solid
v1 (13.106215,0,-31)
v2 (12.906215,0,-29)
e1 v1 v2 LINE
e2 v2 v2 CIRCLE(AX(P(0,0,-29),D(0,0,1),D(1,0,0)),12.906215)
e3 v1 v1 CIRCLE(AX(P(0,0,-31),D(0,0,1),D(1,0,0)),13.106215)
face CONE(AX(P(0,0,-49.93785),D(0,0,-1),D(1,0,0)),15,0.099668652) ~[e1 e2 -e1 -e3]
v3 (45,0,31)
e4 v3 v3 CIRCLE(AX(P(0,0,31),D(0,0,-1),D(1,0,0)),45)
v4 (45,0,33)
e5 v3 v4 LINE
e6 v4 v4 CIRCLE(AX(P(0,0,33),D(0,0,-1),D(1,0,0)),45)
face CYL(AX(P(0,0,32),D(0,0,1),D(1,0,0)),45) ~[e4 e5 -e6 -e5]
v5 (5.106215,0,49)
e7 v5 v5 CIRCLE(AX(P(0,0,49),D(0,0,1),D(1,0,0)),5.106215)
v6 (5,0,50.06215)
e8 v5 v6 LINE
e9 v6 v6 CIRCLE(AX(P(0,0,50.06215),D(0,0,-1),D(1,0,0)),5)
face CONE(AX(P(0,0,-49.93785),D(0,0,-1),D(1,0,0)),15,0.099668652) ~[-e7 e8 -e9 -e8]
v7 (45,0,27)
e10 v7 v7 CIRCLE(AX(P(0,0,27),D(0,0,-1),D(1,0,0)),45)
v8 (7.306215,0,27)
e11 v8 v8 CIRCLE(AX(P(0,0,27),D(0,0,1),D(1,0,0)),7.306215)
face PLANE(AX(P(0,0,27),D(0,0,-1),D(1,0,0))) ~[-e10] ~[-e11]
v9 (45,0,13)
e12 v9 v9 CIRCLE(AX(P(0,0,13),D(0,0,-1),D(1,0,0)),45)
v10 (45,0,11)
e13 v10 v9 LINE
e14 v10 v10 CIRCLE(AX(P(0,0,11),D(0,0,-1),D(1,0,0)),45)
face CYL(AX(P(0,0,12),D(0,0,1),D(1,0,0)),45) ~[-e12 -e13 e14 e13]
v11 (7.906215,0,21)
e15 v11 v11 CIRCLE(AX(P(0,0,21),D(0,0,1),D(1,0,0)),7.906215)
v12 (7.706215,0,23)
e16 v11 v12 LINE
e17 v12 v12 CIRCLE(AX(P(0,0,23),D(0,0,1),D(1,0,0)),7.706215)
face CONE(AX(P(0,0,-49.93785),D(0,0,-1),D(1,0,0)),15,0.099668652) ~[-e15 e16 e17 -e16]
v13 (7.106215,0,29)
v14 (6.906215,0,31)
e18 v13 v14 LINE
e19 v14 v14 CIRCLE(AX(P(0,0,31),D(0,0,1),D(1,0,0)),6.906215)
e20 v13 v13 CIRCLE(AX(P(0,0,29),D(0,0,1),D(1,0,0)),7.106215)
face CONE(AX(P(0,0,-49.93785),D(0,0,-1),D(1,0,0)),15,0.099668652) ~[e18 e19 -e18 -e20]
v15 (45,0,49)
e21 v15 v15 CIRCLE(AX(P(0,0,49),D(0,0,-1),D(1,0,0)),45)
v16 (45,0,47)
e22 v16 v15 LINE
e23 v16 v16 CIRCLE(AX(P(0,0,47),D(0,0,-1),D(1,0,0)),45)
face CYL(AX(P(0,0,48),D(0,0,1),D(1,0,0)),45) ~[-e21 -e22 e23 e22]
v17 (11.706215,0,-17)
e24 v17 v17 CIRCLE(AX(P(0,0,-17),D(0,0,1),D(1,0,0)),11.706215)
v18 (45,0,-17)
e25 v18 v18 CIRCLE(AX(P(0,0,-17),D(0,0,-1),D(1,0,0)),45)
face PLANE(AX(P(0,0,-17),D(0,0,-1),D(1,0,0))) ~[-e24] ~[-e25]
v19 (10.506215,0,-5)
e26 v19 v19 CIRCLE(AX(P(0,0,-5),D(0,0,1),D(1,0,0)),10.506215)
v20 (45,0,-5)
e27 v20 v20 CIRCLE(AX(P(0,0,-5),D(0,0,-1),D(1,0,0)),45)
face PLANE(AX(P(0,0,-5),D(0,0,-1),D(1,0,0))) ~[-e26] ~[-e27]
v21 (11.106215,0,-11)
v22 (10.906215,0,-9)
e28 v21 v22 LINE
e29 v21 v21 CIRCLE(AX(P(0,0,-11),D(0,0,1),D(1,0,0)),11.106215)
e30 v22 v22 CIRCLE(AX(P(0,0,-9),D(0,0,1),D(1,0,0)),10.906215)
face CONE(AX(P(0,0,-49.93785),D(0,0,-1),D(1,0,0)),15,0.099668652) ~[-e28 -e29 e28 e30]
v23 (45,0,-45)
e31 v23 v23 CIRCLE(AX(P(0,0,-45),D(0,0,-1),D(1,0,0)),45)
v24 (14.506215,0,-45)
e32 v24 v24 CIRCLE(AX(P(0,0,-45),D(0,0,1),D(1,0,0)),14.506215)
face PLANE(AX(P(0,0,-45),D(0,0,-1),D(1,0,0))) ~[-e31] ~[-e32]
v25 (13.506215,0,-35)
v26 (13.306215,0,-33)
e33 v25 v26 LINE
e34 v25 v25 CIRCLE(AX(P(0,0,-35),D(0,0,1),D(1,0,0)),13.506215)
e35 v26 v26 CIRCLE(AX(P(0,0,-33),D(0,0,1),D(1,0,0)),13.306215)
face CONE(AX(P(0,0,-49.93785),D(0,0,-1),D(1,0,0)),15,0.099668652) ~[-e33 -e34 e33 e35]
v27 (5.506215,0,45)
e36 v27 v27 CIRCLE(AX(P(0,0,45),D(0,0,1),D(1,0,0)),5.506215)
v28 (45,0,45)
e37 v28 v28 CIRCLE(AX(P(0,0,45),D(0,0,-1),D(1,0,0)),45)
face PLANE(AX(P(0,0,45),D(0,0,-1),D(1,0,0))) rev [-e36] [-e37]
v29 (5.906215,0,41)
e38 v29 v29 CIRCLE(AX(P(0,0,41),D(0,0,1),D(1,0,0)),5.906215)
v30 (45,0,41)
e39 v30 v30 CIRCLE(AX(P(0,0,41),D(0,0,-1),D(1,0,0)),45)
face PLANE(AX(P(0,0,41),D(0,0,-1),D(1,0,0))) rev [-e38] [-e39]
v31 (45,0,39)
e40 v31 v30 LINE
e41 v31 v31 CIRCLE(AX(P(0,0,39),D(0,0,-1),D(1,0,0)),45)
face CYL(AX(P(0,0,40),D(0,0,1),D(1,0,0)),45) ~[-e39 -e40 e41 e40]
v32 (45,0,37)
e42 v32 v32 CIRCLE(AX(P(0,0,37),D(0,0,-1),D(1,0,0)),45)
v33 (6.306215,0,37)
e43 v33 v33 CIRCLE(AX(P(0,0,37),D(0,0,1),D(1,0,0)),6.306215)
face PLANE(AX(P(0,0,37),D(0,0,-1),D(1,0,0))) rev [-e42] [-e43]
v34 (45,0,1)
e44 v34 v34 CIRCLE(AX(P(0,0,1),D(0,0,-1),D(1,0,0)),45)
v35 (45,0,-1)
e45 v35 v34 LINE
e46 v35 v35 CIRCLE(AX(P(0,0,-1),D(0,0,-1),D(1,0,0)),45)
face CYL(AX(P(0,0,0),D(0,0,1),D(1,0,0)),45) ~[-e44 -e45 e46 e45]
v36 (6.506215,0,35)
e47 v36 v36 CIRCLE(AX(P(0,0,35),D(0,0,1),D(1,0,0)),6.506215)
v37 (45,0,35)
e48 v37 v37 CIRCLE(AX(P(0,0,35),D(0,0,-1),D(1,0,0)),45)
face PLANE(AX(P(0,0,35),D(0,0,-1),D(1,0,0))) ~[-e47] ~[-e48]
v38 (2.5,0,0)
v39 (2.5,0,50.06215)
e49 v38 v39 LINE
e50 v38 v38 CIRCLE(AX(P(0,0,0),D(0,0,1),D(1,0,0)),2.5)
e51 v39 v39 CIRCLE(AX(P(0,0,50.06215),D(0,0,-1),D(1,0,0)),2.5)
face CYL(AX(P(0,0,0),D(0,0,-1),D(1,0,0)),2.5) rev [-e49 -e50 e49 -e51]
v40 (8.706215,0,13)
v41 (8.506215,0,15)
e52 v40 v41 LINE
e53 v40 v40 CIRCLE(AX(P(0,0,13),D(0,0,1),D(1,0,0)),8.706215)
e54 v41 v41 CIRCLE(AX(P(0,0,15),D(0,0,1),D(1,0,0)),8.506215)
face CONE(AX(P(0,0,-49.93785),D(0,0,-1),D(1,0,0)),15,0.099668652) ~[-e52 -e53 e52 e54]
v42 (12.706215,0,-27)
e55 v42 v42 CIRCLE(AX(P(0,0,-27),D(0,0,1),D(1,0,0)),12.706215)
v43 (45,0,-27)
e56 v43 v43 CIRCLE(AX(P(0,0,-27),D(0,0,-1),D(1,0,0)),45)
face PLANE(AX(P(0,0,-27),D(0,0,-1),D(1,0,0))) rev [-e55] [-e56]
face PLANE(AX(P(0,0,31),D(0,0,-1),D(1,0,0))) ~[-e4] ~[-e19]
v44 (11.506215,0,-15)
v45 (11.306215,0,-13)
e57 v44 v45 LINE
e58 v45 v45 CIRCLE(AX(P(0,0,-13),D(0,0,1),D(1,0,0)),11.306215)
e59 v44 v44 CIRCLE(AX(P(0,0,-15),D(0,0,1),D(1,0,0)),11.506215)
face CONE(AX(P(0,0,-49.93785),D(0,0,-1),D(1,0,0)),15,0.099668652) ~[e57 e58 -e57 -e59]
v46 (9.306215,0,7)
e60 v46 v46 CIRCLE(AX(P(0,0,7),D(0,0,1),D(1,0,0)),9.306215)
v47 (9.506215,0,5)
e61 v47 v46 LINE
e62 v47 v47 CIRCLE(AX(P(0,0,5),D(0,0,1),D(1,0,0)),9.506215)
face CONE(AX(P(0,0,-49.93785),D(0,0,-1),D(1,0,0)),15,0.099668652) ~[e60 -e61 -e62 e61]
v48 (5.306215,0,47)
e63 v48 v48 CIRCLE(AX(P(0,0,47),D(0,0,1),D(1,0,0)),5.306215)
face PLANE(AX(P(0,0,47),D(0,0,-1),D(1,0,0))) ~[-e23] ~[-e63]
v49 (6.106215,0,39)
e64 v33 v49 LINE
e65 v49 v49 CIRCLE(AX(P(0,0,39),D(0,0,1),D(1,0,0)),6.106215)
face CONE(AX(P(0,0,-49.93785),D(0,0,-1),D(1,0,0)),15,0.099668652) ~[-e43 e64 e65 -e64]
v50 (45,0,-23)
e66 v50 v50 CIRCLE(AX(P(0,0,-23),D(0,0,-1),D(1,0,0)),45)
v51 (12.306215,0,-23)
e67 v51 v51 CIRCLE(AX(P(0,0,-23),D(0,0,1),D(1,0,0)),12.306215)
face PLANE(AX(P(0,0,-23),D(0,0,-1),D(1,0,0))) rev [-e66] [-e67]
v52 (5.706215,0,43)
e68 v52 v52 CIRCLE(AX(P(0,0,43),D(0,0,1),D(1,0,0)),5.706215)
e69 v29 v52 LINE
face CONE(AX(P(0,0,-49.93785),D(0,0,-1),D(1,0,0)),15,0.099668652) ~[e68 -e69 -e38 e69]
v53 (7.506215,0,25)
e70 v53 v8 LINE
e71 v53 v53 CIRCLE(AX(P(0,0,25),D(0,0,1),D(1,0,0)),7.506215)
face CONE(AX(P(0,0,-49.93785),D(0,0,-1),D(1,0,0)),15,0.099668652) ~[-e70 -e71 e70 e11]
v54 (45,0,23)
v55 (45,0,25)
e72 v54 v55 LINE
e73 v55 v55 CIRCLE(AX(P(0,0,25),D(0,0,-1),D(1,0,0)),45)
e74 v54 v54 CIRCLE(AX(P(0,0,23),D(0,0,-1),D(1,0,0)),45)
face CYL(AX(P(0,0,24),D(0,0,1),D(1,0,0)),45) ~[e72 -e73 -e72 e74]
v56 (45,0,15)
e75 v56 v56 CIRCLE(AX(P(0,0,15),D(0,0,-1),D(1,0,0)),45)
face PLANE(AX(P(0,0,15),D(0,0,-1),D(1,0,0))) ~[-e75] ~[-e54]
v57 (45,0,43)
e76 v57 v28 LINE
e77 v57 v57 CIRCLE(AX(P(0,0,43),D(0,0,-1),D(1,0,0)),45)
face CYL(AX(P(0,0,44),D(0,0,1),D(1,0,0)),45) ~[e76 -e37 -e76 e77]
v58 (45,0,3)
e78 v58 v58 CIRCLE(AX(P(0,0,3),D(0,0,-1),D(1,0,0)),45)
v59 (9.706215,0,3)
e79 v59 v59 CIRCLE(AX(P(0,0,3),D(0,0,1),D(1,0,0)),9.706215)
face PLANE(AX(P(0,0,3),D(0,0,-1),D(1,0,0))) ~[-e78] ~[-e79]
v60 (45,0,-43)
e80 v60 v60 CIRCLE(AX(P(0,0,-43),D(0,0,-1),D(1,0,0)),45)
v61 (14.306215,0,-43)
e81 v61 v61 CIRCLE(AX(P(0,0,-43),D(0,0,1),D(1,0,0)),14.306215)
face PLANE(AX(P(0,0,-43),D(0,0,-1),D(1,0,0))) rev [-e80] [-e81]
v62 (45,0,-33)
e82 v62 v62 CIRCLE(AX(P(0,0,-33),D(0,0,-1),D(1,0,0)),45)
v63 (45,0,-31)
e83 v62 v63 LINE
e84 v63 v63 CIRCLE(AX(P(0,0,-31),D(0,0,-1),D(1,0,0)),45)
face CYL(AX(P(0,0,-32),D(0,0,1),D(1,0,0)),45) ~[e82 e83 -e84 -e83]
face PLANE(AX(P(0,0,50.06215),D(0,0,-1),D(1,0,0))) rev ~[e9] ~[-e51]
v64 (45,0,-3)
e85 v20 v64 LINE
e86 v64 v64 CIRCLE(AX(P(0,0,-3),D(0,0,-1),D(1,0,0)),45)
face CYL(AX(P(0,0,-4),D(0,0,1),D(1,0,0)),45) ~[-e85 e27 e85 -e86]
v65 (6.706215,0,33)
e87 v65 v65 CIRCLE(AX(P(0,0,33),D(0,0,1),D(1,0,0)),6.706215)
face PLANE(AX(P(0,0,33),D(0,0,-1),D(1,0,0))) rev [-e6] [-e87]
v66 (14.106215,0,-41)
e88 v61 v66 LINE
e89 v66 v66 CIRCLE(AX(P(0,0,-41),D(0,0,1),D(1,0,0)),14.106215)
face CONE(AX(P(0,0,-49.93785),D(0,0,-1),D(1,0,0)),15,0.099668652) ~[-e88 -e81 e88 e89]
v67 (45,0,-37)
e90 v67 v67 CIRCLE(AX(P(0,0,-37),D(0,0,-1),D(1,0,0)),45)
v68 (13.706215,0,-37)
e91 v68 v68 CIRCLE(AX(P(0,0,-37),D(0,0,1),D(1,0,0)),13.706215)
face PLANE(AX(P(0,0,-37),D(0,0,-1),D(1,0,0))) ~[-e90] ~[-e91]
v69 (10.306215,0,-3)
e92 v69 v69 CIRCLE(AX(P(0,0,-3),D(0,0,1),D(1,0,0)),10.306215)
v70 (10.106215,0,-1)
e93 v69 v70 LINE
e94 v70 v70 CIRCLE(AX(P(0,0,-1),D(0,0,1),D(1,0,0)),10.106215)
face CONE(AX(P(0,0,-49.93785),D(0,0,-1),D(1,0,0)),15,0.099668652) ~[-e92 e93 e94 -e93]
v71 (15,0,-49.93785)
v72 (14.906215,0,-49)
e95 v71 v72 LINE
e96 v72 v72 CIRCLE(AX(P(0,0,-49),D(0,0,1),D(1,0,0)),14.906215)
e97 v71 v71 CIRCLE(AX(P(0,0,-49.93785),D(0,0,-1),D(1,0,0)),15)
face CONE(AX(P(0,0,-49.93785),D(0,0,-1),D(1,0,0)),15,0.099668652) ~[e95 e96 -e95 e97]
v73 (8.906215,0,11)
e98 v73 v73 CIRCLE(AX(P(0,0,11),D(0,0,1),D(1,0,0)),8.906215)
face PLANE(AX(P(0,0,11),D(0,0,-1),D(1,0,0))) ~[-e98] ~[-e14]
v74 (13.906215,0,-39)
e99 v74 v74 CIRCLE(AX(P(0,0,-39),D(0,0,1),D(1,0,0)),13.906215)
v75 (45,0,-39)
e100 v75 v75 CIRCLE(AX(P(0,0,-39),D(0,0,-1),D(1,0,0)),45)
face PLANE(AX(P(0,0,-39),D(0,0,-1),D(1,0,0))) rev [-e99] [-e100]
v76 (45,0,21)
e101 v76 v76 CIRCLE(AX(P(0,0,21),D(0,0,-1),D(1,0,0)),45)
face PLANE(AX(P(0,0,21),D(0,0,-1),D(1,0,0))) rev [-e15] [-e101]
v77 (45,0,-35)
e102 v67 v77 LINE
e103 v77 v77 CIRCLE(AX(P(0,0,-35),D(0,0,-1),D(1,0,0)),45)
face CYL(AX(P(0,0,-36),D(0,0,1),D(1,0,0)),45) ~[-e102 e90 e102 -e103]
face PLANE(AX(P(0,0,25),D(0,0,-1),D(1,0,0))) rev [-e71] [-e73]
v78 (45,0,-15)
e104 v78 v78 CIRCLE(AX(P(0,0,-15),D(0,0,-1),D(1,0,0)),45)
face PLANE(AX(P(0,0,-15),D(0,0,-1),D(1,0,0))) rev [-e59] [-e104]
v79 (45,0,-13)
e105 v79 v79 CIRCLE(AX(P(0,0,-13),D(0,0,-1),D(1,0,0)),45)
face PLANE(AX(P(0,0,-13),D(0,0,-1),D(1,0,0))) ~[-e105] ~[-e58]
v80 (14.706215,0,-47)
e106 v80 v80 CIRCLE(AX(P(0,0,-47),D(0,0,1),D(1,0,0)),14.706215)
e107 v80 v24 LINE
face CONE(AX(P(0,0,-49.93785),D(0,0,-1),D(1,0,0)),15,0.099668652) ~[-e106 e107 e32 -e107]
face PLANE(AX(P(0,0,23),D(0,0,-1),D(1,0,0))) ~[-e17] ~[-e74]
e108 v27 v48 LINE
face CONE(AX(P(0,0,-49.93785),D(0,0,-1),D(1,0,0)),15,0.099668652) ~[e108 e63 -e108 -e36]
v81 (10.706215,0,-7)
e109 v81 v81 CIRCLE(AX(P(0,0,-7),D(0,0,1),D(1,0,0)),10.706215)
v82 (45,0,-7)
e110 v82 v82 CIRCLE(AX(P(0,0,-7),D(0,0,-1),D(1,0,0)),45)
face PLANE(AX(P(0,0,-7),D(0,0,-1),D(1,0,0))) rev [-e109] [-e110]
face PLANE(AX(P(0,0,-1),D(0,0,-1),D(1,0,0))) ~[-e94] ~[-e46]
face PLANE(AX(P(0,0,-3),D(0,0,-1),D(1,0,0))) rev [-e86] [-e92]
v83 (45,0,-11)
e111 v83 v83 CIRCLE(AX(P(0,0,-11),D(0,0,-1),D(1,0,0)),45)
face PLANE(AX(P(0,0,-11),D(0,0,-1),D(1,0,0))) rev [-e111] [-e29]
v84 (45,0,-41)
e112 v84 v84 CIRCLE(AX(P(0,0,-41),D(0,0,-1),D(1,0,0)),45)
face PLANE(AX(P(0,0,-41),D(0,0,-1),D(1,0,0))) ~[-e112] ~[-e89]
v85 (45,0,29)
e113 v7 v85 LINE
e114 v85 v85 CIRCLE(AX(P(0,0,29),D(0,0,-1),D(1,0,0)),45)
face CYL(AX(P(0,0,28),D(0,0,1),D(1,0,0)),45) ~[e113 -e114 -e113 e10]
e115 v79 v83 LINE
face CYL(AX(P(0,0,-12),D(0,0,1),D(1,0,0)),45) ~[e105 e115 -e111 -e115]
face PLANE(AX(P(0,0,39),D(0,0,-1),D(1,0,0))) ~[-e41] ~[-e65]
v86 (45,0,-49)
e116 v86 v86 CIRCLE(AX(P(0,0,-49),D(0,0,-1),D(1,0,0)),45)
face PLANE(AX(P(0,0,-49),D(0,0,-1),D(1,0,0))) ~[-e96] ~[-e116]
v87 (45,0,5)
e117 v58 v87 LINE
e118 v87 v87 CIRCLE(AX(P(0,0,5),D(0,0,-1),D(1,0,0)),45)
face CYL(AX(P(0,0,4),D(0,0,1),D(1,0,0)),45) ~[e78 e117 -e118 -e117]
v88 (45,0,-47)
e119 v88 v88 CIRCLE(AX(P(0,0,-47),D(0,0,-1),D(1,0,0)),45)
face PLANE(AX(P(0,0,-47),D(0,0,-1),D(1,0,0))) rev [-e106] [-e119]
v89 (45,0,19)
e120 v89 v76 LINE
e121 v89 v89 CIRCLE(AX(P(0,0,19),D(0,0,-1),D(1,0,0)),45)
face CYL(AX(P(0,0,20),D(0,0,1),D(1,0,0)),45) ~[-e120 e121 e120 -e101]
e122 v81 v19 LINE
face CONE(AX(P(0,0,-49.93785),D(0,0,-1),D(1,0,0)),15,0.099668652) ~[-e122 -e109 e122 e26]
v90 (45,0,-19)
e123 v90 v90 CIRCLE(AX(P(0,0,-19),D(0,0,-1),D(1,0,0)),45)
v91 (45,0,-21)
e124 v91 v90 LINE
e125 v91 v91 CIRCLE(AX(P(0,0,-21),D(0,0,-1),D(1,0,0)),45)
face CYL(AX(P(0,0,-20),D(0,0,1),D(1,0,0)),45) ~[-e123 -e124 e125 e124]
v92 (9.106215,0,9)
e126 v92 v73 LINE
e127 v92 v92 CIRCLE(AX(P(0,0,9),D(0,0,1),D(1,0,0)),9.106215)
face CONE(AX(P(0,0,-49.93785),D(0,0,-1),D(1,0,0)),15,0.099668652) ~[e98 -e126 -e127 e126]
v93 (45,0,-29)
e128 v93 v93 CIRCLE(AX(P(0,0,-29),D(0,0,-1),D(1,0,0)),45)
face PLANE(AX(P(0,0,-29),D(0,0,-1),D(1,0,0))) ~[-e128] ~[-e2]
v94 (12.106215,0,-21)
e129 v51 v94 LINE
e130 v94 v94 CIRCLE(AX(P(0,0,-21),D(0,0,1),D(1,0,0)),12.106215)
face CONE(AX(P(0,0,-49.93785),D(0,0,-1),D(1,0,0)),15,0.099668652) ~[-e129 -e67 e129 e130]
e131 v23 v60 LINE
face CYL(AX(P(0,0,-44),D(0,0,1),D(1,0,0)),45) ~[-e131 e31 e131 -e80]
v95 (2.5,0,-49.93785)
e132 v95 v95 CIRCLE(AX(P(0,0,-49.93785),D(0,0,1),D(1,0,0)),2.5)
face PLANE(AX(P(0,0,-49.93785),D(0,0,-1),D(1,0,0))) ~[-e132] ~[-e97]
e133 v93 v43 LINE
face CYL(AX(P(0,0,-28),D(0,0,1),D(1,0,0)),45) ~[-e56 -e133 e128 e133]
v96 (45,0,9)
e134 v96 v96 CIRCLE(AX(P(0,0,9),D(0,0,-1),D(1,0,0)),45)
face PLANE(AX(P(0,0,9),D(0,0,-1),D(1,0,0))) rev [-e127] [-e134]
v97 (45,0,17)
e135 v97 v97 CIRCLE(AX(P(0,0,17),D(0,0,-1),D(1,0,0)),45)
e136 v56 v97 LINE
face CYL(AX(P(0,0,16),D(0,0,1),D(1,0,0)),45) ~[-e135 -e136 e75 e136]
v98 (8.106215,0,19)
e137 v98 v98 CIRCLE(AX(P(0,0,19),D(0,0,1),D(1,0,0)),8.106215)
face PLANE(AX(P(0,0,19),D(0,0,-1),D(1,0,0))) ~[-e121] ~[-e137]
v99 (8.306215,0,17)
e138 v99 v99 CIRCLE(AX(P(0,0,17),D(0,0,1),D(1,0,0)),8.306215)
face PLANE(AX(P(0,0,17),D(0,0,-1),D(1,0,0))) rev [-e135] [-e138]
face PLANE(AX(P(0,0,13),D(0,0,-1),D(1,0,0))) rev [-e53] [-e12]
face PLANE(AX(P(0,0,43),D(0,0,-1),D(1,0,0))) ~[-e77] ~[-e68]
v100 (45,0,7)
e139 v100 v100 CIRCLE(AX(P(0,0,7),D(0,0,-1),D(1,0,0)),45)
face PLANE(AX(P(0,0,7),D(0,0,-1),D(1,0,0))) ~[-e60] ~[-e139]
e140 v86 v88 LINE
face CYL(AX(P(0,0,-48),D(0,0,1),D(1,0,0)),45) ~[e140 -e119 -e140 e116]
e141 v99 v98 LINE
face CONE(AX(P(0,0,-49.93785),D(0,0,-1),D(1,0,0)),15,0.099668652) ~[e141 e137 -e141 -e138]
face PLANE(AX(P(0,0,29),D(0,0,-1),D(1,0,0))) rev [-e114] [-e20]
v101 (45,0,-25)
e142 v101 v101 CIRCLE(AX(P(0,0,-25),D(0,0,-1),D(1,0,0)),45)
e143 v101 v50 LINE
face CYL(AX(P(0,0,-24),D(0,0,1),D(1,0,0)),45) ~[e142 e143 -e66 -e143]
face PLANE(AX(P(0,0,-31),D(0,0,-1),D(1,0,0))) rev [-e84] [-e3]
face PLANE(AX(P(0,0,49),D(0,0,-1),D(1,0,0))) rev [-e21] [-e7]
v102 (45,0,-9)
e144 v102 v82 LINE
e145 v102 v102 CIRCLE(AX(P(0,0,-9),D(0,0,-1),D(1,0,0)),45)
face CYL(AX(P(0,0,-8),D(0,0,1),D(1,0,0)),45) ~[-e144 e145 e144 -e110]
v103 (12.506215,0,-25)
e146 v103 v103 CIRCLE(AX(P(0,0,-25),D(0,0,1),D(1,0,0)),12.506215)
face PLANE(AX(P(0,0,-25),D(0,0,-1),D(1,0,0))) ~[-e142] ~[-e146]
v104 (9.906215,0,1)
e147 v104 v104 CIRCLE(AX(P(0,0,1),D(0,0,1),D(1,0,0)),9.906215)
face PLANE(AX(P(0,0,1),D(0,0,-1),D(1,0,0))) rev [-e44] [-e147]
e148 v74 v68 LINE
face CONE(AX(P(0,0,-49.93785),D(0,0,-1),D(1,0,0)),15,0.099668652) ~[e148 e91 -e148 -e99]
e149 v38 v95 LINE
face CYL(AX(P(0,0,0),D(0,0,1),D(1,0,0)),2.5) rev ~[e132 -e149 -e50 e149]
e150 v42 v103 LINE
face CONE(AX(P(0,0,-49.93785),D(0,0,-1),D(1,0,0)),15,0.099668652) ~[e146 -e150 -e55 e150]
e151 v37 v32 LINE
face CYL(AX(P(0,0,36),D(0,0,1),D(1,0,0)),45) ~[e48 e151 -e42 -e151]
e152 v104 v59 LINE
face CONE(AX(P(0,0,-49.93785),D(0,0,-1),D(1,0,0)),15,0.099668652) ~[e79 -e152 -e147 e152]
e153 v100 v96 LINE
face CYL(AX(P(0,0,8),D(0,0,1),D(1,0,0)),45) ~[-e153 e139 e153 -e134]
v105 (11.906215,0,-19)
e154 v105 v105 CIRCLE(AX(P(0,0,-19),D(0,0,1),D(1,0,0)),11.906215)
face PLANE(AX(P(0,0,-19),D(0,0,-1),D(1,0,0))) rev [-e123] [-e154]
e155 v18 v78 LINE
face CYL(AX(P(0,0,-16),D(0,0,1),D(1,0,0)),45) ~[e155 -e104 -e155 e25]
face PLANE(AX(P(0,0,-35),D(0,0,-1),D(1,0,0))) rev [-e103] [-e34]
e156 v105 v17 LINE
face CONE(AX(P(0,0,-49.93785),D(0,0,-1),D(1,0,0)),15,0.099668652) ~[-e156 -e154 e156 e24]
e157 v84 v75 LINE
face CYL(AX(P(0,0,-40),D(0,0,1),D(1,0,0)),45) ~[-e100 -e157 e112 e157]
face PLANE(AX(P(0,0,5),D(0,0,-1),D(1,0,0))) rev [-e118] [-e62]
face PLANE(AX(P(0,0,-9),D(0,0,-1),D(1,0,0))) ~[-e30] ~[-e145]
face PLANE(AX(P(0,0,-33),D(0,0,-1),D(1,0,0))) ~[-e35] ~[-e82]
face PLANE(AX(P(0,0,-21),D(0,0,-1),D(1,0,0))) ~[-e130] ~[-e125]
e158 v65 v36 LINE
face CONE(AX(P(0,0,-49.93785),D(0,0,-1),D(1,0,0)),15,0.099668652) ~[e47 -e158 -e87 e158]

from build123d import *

# Parameters (mm, degrees)
F1_R          = 2.5
F1_R_2        = 2.15
F2_DEPTH      = 50
F2_DEPTH_BACK = 50
F0_W          = 45
F0_H          = 2
F6_DEPTH      = 50.001
F6_DEPTH_BACK = 50.0631497295
F7_DEPTH      = 100.001


with BuildPart() as f2:
    # F1 (on Top) → F2 (new body, two sides)
    with BuildSketch(Plane.XY) as f2_sk:
        Circle(F1_R)
        Circle(F1_R_2, mode=Mode.SUBTRACT)
    extrude(amount=F2_DEPTH)
    extrude(f2_sk.sketch, amount=-F2_DEPTH_BACK)

    # F0 (on Front) → F3 (revolve)
    with BuildSketch(Plane.XZ):
        with Locations((22.5, -16)):
            Rectangle(F0_W, F0_H)
        with Locations((22.5, 44)):
            Rectangle(F0_W, F0_H)
        with Locations((22.5, -12)):
            Rectangle(F0_W, F0_H)
        with Locations((22.5, -32)):
            Rectangle(F0_W, F0_H)
        with Locations((22.5, -36)):
            Rectangle(F0_W, F0_H)
        with Locations((22.5, -44)):
            Rectangle(F0_W, F0_H)
        with Locations((22.5, 12)):
            Rectangle(F0_W, F0_H)
        with Locations((22.5, 32)):
            Rectangle(F0_W, F0_H)
        with Locations((22.5, 40)):
            Rectangle(F0_W, F0_H)
        with Locations((22.5, 24)):
            Rectangle(F0_W, F0_H)
        with Locations((22.5, 28)):
            Rectangle(F0_W, F0_H)
        with Locations((22.5, 4)):
            Rectangle(F0_W, F0_H)
        with Locations((22.5, 16)):
            Rectangle(F0_W, F0_H)
        with Locations((22.5, 8)):
            Rectangle(F0_W, F0_H)
        with Locations((22.5, -28)):
            Rectangle(F0_W, F0_H)
        with Locations((22.5, -24)):
            Rectangle(F0_W, F0_H)
        with Locations((22.5, -20)):
            Rectangle(F0_W, F0_H)
        with Locations((22.5, -8)):
            Rectangle(F0_W, F0_H)
        with Locations((22.5, -4)):
            Rectangle(F0_W, F0_H)
        with Locations((22.5, 20)):
            Rectangle(F0_W, F0_H)
        with Locations((22.5, 36)):
            Rectangle(F0_W, F0_H)
        with Locations((22.5, -40)):
            Rectangle(F0_W, F0_H)
        with Locations((22.5, -48)):
            Rectangle(F0_W, F0_H)
        with Locations((22.5, 48)):
            Rectangle(F0_W, F0_H)
        with Locations((22.5, 0)):
            Rectangle(F0_W, F0_H)
    revolve(axis=Axis((0, 0, 0), (0, 0, -1)))

    # F4 (on Front) → F5 (revolve)
    with BuildSketch(Plane.XZ):
        Polygon((5, 50.0621497295), (0, 50.0621497295), (0, -49.9378502705), (15, -49.9378502705), align=None)
    revolve(axis=Axis((0, 0, 0.0621497295), (0, 0, -1)))

    # F1 (on Top) → F6 (cut, two sides)
    with BuildSketch(Plane.XY) as f6_sk:
        Circle(F1_R)
        Circle(F1_R_2, mode=Mode.SUBTRACT)
    extrude(amount=-F6_DEPTH, mode=Mode.SUBTRACT)
    extrude(f6_sk.sketch, amount=F6_DEPTH_BACK, mode=Mode.SUBTRACT)

    # F7 (cut, through all): a face of the model
    f7_faces = [f2.faces().sort_by_distance(p)[0] for p in [
        (0, 0, 50.0621497295),
    ]]
    extrude(f7_faces, amount=-F7_DEPTH, mode=Mode.SUBTRACT)


solid = f2.part
